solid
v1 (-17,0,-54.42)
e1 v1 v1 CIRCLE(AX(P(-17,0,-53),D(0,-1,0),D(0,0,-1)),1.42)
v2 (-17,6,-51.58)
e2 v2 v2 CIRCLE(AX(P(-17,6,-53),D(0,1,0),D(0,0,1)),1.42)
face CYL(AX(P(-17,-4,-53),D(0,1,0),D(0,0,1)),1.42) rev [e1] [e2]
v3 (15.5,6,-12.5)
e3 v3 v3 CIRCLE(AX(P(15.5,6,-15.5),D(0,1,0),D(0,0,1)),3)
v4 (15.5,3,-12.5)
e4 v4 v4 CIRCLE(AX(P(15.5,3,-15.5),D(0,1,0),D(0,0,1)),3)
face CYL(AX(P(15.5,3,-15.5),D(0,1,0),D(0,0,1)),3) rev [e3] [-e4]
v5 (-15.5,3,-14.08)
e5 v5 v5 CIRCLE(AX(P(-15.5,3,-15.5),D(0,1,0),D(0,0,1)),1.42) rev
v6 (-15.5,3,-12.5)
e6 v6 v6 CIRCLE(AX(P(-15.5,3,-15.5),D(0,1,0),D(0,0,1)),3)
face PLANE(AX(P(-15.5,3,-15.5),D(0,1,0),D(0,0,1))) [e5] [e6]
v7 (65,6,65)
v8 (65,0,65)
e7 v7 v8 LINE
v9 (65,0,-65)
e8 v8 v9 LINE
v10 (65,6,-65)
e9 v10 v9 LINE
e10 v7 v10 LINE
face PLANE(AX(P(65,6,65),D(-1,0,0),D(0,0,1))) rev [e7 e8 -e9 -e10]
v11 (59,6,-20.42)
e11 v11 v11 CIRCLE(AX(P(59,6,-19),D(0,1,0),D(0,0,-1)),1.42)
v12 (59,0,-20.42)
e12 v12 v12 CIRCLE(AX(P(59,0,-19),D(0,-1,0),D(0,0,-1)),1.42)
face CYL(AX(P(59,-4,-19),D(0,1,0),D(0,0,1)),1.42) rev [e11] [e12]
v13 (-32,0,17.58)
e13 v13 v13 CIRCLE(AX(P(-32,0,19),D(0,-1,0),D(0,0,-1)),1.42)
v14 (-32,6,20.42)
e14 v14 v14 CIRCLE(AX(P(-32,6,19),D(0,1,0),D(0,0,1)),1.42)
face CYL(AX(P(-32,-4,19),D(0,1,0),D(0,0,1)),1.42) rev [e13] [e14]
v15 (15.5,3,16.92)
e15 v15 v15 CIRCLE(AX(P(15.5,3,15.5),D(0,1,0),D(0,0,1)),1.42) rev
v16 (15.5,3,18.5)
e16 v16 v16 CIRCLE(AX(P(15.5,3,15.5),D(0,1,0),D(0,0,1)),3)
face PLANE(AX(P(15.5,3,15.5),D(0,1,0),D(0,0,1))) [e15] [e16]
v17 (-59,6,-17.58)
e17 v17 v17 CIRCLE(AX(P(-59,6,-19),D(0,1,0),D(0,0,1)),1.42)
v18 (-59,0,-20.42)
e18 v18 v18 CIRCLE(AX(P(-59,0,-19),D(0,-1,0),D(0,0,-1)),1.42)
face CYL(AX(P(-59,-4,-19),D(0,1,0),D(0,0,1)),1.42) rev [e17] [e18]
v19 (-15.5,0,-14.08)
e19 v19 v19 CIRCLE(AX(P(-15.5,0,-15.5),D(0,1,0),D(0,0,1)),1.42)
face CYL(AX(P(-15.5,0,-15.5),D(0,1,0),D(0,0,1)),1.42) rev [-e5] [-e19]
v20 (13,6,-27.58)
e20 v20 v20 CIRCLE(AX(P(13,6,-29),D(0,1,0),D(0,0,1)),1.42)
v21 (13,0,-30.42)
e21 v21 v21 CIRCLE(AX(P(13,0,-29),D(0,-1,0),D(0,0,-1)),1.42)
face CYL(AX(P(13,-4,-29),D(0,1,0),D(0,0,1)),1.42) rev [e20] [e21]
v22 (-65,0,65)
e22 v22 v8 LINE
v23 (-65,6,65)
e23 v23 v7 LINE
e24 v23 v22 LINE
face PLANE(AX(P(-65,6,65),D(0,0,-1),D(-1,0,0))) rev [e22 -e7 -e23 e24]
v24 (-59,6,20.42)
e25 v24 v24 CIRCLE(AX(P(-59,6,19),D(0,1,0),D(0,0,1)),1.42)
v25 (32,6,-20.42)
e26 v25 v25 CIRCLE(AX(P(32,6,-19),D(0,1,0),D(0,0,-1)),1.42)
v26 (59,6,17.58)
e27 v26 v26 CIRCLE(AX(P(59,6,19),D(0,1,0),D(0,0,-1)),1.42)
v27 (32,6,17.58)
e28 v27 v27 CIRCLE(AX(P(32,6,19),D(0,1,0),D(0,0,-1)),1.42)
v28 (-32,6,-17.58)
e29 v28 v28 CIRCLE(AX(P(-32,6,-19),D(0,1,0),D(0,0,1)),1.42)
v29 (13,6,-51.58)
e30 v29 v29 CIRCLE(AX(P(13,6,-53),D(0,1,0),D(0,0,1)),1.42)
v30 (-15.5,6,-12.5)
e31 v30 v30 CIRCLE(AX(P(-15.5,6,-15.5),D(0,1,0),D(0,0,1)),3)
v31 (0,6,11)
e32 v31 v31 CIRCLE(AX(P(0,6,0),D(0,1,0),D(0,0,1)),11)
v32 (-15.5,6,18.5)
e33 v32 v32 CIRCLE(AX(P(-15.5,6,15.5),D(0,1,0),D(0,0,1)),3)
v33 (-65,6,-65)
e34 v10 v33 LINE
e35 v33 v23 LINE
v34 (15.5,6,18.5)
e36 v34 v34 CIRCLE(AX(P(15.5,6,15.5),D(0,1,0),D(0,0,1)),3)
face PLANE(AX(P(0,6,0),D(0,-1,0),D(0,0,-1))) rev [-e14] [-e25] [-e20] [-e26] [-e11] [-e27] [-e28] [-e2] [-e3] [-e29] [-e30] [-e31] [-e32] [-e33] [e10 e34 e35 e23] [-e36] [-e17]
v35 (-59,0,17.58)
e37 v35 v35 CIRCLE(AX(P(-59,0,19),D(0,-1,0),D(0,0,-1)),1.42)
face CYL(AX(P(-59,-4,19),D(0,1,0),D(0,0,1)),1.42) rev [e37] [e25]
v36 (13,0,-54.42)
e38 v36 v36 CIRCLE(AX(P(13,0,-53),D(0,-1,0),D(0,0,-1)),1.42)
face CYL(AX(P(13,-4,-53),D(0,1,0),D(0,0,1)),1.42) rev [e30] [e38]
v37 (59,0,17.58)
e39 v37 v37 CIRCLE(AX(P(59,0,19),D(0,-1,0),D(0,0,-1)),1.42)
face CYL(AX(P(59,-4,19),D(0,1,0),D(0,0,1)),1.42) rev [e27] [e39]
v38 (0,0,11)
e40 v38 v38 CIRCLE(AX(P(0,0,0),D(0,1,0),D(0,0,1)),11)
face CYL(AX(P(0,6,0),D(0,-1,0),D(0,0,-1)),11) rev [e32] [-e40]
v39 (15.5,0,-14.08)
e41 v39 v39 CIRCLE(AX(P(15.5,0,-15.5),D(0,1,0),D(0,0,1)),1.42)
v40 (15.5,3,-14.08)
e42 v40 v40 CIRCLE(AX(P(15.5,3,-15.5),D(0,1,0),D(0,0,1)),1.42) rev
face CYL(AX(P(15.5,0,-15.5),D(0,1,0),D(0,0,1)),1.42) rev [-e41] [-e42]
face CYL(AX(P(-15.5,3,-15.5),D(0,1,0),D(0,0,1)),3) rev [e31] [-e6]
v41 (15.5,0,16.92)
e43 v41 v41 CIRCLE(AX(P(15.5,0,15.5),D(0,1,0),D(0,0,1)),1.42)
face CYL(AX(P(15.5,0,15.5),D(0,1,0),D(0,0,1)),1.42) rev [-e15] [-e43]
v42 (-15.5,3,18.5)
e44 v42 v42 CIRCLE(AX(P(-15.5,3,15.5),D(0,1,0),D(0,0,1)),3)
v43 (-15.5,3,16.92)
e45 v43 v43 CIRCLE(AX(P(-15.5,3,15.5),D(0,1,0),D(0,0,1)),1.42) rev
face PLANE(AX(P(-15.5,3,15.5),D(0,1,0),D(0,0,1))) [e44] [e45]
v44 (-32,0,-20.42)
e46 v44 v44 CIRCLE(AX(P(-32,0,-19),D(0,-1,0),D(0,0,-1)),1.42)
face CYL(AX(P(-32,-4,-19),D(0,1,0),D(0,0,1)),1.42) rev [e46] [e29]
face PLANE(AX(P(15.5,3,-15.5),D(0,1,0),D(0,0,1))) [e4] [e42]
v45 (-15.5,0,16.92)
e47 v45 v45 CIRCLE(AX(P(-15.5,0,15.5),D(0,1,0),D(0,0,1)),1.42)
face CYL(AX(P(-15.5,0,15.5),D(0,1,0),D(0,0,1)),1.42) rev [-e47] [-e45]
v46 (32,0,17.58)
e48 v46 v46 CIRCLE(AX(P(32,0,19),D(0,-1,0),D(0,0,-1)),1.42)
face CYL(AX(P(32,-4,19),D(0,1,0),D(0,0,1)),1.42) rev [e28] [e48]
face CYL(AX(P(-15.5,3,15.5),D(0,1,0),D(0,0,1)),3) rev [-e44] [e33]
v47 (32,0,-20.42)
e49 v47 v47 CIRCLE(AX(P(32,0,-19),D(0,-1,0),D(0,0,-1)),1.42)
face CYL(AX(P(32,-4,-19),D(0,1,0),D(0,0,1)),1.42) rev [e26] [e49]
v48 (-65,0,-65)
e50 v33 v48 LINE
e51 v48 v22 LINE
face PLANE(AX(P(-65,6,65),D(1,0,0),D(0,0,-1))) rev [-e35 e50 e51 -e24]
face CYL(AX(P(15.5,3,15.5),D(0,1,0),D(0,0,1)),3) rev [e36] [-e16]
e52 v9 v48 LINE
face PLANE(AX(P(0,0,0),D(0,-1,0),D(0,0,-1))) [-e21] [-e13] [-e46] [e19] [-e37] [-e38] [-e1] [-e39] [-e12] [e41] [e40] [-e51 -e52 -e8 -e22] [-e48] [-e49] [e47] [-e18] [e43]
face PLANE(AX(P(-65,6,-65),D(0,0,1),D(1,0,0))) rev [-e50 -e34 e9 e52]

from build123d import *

# Parameters (mm, degrees)
SKETCH1_W           = 130
SKETCH1_H           = 130
SKETCH1_R           = 11
BOSS_EXTRUDE1_DEPTH = 6
SKETCH2_R           = 1.42
CUT_EXTRUDE1_DEPTH  = 6
SKETCH3_R           = 3
CUT_EXTRUDE2_DEPTH  = 3
SKETCH4_R           = 1.42
CUT_EXTRUDE3_DEPTH  = 10
SKETCH5_R           = 1.42
CUT_EXTRUDE4_DEPTH  = 10


with BuildPart() as part:
    # Sketch1 → Boss-Extrude1 (new body)
    with BuildSketch(Plane(origin=(0, 0, 0), x_dir=(1, 0, 0), z_dir=(0, 1, 0))):
        Rectangle(SKETCH1_W, SKETCH1_H)
        with Locations(Location((0, 0, 0), (0, 0, 270))):
            Circle(SKETCH1_R, mode=Mode.SUBTRACT)
    extrude(amount=BOSS_EXTRUDE1_DEPTH)

    # Sketch2 → Cut-Extrude1 (cut)
    with BuildSketch(Plane(origin=(0, 6, 0), x_dir=(1, 0, 0), z_dir=(0, 1, 0))):
        with Locations(Location((-15.5, 15.5, 0), (0, 0, 270))):
            Circle(SKETCH2_R)
        with Locations(Location((15.5, 15.5, 0), (0, 0, 270))):
            Circle(SKETCH2_R)
        with Locations(Location((15.5, -15.5, 0), (0, 0, 270))):
            Circle(SKETCH2_R)
        with Locations(Location((-15.5, -15.5, 0), (0, 0, 270))):
            Circle(SKETCH2_R)
    extrude(amount=-CUT_EXTRUDE1_DEPTH, mode=Mode.SUBTRACT)

    # Sketch3 → Cut-Extrude2 (cut)
    with BuildSketch(Plane(origin=(0, 6, 0), x_dir=(1, 0, 0), z_dir=(0, 1, 0))):
        with Locations(Location((-15.5, 15.5, 0), (0, 0, 270))):
            Circle(SKETCH3_R)
        with Locations(Location((15.5, 15.5, 0), (0, 0, 270))):
            Circle(SKETCH3_R)
        with Locations(Location((15.5, -15.5, 0), (0, 0, 270))):
            Circle(SKETCH3_R)
        with Locations(Location((-15.5, -15.5, 0), (0, 0, 270))):
            Circle(SKETCH3_R)
    extrude(amount=-CUT_EXTRUDE2_DEPTH, mode=Mode.SUBTRACT)

    # Sketch4 → Cut-Extrude3 (cut)
    with BuildSketch(Plane(origin=(0, 6, 0), x_dir=(1, 0, 0), z_dir=(0, 1, 0))):
        with Locations(Location((-59, 19, 0), (0, 0, 270))):
            Circle(SKETCH4_R)
        with Locations(Location((-32, 19, 0), (0, 0, 270))):
            Circle(SKETCH4_R)
        with Locations(Location((-32, -19, 0), (0, 0, 270))):
            Circle(SKETCH4_R)
        with Locations(Location((-59, -19, 0), (0, 0, 270))):
            Circle(SKETCH4_R)
        with Locations(Location((59, 19, 0), (0, 0, 90))):
            Circle(SKETCH4_R)
        with Locations(Location((59, -19, 0), (0, 0, 90))):
            Circle(SKETCH4_R)
        with Locations(Location((32, -19, 0), (0, 0, 90))):
            Circle(SKETCH4_R)
        with Locations(Location((32, 19, 0), (0, 0, 90))):
            Circle(SKETCH4_R)
    extrude(amount=-CUT_EXTRUDE3_DEPTH, mode=Mode.SUBTRACT)

    # Sketch5 → Cut-Extrude4 (cut)
    with BuildSketch(Plane(origin=(0, 6, 0), x_dir=(1, 0, 0), z_dir=(0, 1, 0))):
        with Locations(Location((13, 53, 0), (0, 0, 270))):
            Circle(SKETCH5_R)
        with Locations(Location((-17, 53, 0), (0, 0, 270))):
            Circle(SKETCH5_R)
        with Locations(Location((13, 29, 0), (0, 0, 270))):
            Circle(SKETCH5_R)
    extrude(amount=-CUT_EXTRUDE4_DEPTH, mode=Mode.SUBTRACT)


solid = part.part
